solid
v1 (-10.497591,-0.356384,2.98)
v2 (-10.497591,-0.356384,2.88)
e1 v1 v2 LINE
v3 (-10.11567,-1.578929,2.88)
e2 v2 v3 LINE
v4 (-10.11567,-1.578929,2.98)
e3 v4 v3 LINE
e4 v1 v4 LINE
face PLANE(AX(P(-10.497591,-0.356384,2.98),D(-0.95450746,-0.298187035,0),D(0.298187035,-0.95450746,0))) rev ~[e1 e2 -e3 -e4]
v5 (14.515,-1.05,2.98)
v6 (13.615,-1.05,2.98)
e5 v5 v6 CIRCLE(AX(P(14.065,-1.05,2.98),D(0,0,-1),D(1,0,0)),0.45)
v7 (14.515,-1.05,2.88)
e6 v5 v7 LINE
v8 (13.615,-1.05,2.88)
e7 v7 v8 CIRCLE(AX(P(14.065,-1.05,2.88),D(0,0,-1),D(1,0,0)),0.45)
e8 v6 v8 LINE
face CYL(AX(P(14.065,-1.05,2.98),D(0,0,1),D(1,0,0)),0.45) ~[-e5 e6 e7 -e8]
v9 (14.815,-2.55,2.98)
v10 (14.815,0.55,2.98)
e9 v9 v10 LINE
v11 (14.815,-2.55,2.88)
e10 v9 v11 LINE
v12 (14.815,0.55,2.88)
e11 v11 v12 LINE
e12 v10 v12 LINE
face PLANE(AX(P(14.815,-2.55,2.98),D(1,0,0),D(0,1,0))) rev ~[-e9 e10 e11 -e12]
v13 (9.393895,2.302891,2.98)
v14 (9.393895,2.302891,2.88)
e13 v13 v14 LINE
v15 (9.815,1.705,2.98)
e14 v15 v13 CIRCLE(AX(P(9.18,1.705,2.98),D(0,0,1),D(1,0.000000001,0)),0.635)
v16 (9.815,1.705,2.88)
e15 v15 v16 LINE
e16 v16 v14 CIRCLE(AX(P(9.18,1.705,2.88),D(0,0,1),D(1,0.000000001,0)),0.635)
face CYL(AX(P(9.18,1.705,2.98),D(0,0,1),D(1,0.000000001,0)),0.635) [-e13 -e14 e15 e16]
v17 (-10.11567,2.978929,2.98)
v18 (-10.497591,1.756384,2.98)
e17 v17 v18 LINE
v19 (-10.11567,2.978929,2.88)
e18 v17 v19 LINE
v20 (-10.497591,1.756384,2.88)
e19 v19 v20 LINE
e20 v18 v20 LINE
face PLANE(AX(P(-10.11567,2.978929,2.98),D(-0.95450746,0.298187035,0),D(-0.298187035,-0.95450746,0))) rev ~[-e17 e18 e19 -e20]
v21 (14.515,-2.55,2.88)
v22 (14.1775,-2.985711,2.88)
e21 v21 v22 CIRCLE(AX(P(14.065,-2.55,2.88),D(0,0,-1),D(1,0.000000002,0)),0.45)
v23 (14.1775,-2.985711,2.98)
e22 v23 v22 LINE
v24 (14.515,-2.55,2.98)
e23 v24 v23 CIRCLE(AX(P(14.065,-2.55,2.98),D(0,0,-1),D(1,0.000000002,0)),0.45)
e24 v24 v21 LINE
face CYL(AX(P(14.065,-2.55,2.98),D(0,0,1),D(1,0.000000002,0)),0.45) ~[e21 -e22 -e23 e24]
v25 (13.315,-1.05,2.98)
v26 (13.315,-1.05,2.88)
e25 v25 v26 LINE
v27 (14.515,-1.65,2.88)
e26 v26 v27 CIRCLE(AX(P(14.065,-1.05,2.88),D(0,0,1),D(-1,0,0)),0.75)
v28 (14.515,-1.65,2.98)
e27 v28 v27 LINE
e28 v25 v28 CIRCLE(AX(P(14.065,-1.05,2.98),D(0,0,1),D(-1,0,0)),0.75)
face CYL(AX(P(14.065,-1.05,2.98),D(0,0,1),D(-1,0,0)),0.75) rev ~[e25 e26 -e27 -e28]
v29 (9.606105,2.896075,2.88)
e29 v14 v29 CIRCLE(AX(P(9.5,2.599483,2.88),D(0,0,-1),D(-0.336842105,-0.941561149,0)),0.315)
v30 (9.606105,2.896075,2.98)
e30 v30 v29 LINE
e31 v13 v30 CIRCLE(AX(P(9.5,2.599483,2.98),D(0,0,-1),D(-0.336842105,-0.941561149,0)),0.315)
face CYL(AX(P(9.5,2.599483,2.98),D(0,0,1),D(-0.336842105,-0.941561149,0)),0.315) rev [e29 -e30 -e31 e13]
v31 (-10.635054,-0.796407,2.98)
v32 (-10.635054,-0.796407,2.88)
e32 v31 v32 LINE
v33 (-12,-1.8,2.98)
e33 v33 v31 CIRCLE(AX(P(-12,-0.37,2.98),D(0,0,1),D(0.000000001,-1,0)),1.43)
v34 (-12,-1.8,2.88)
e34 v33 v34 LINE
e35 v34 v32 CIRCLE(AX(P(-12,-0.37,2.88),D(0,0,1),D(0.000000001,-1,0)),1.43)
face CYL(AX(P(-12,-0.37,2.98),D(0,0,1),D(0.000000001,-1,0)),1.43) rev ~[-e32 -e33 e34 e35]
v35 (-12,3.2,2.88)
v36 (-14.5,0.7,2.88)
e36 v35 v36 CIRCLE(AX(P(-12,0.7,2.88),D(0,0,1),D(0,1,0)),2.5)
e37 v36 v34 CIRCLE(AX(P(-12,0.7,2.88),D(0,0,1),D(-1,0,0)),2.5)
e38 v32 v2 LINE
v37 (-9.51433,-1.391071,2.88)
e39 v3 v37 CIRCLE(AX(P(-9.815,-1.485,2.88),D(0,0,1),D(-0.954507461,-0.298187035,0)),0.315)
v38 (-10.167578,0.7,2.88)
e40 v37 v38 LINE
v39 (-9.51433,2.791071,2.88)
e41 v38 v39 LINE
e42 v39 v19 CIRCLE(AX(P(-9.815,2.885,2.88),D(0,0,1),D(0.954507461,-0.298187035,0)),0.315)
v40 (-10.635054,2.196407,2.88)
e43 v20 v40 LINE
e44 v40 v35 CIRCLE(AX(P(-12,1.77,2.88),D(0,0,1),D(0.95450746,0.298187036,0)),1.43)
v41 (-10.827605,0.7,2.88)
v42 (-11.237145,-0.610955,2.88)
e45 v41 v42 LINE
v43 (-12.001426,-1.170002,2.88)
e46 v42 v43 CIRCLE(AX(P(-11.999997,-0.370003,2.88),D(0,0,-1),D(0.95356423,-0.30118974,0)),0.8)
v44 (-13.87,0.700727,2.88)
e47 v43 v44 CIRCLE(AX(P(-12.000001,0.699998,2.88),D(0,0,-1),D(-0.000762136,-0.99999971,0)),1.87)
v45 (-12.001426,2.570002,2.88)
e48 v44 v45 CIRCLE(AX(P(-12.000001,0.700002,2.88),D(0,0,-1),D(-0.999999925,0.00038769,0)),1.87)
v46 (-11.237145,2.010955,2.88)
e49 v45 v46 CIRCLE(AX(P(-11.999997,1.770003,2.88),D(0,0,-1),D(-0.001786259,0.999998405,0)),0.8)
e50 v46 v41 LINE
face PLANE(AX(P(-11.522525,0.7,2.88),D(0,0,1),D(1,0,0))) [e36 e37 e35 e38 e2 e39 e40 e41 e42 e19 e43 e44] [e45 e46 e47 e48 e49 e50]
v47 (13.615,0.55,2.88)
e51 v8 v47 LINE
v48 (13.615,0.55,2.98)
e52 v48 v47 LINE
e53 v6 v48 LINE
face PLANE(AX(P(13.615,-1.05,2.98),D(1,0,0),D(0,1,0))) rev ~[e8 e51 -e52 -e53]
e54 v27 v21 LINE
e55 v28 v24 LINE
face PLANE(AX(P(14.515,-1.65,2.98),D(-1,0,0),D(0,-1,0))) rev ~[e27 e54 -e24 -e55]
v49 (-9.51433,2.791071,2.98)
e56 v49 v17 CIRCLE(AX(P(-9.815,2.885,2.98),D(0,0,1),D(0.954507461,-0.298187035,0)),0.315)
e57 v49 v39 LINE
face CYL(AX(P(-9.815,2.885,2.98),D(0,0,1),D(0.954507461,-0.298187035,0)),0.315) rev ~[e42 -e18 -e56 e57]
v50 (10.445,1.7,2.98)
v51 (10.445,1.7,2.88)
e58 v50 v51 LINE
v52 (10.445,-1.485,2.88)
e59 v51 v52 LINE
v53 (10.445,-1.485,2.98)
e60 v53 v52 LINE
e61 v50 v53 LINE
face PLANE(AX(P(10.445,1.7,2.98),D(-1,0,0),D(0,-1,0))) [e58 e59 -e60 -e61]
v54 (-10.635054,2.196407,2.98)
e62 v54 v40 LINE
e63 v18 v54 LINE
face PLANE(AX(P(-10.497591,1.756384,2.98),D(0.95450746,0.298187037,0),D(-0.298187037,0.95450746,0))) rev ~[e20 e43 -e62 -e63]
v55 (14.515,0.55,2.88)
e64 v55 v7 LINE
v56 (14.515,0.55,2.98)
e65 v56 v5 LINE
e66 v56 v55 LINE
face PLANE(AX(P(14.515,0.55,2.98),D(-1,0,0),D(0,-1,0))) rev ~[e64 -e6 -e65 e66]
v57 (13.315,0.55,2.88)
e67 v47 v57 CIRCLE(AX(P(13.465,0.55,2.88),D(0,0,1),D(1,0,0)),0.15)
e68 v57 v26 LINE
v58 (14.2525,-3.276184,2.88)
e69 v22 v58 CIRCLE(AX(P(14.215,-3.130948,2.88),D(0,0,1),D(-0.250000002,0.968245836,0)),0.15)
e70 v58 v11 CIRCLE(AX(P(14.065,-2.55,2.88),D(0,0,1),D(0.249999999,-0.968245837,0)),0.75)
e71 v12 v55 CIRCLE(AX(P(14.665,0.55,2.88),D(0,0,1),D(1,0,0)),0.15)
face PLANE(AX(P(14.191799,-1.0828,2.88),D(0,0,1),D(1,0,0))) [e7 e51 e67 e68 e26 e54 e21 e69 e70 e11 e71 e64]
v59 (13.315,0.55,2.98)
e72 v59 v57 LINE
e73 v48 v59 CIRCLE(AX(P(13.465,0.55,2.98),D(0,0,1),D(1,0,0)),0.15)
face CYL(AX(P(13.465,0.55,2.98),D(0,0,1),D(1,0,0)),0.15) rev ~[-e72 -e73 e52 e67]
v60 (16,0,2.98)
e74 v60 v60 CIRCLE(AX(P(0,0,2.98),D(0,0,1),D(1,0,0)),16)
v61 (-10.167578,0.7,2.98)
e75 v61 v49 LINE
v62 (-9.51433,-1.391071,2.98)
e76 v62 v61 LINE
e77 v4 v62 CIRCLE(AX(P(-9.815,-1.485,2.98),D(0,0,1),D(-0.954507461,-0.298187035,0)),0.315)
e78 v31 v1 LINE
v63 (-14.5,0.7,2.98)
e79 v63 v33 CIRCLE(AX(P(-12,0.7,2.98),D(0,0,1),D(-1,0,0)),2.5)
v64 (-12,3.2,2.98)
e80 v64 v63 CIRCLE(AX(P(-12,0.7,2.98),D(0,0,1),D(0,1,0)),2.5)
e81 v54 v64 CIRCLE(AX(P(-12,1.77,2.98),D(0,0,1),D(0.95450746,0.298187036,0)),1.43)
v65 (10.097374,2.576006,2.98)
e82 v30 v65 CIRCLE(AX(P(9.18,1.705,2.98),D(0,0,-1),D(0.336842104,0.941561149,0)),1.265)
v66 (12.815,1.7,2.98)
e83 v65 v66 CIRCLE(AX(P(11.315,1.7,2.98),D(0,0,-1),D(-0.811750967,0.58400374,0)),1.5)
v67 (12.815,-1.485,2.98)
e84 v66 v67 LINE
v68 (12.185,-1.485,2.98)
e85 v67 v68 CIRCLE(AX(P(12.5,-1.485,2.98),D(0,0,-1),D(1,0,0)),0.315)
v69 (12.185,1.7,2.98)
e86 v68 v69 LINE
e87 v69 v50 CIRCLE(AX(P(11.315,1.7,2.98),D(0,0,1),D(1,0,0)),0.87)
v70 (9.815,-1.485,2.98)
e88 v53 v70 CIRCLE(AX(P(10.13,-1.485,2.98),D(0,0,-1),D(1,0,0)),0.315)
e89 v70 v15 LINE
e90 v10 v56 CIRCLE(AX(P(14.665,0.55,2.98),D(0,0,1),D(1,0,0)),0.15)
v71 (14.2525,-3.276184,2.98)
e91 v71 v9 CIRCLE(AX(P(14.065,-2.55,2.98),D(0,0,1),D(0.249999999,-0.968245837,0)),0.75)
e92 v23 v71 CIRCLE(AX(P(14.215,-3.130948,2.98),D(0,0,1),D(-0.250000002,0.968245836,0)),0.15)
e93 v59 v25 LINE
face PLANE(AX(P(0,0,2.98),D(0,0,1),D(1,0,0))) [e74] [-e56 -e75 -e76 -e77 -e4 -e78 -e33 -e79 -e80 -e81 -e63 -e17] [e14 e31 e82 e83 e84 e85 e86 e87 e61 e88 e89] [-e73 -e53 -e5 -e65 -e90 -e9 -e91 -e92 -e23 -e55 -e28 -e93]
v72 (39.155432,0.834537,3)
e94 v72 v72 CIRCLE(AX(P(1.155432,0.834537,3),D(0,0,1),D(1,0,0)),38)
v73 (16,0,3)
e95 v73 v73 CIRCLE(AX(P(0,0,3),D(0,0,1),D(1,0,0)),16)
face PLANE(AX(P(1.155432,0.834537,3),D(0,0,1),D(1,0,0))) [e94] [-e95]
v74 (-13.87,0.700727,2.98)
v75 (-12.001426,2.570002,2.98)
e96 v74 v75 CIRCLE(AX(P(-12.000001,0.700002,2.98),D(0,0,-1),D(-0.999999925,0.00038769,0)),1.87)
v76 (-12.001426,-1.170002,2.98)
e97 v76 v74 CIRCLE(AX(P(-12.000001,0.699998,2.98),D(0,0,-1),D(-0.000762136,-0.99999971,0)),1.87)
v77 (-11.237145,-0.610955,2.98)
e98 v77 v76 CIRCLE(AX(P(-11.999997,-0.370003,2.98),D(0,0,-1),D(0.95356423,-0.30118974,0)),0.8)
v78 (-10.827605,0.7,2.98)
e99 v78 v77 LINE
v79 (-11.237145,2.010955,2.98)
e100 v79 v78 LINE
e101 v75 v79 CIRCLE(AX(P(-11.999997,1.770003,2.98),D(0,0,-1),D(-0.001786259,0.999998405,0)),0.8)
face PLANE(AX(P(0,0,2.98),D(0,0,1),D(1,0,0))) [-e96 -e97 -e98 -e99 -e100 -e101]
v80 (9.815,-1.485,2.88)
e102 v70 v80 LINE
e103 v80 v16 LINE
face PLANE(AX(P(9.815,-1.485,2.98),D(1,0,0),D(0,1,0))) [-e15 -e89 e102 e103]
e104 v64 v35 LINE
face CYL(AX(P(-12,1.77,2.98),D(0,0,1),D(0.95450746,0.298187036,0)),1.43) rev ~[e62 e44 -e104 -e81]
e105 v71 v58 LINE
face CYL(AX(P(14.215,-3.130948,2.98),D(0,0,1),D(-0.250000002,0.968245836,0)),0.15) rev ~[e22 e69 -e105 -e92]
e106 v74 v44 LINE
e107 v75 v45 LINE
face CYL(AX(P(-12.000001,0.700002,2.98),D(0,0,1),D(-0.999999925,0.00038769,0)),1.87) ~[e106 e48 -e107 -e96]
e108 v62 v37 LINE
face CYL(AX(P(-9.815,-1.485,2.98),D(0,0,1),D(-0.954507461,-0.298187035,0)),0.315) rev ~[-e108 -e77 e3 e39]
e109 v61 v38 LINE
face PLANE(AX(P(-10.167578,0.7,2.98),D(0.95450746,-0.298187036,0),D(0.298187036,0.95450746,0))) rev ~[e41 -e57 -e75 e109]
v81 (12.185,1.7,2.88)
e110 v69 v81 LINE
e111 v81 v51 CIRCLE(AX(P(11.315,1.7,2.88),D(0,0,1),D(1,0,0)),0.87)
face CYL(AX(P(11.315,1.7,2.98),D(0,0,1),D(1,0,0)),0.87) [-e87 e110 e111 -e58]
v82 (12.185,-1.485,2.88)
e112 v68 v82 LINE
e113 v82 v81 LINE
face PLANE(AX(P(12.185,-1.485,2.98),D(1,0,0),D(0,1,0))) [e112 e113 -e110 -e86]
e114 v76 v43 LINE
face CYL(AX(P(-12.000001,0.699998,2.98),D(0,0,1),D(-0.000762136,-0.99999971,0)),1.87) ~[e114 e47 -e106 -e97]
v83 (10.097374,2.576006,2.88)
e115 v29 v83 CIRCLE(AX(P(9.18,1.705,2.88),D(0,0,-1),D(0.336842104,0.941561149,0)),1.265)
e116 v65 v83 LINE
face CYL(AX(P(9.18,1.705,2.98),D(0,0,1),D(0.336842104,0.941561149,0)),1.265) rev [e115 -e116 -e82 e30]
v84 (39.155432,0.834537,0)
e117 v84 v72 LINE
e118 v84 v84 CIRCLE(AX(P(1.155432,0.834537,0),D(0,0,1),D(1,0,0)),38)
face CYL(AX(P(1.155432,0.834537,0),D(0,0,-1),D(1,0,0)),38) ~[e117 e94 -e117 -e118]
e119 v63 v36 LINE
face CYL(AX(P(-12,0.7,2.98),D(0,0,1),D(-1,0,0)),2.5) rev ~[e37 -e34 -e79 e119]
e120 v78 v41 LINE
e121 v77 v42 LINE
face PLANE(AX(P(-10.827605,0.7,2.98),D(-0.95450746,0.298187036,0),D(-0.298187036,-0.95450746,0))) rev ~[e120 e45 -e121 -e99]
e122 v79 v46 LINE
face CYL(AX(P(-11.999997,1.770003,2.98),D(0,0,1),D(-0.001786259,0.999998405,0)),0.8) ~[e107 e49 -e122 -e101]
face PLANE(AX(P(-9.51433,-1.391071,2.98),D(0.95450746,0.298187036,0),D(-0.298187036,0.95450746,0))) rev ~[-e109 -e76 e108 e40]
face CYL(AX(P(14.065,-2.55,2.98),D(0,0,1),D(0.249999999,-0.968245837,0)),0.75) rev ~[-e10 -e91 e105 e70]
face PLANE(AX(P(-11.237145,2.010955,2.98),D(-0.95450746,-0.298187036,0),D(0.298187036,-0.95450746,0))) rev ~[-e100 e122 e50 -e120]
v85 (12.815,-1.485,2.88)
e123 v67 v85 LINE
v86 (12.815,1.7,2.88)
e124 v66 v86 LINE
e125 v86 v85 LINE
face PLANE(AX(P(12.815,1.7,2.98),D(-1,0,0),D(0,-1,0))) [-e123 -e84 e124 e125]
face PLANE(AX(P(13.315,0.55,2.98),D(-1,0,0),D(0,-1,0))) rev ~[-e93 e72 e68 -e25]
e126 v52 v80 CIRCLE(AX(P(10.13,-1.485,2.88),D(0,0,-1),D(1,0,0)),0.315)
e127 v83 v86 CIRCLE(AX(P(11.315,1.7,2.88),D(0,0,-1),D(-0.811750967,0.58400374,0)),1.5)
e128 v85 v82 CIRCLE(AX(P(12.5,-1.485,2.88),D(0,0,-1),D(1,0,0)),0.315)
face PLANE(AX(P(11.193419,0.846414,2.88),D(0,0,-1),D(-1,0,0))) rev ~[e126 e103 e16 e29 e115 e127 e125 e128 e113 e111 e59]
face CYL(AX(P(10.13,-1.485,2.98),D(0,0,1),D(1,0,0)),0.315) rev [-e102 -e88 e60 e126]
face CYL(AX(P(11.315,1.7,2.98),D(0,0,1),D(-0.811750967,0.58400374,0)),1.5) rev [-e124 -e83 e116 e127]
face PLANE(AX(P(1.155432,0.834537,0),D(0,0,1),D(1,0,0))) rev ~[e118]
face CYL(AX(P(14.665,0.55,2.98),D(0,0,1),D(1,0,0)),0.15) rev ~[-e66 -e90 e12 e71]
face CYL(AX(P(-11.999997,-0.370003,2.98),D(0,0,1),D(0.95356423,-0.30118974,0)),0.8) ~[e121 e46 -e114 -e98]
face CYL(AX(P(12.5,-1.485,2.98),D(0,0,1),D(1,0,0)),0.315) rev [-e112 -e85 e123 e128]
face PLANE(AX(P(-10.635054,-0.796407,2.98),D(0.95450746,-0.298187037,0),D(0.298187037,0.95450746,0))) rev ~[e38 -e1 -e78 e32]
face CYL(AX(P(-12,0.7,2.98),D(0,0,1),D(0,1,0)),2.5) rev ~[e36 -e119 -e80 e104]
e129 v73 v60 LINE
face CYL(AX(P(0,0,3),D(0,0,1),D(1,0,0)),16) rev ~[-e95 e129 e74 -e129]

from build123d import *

# Parameters (mm, degrees)
SKETCH_1_R          = 38
EXTRUDE_1_DEPTH     = 3
SKETCH_2_R          = 16
CUT_EXTRUDE_2_DEPTH = 0.02
CUT_EXTRUDE_3_DEPTH = 0.1


with BuildPart() as part:
    # Эскиз1 → Вытянуть1 (new body)
    with BuildSketch(Plane.XY):
        with Locations((1.155432358, 0.834536784)):
            Circle(SKETCH_1_R)
    extrude(amount=EXTRUDE_1_DEPTH)

    # Эскиз2 → Вытянуть2 (cut)
    with BuildSketch(Plane.XY.offset(3)):
        Circle(SKETCH_2_R)
    extrude(amount=-CUT_EXTRUDE_2_DEPTH, mode=Mode.SUBTRACT)

    # Эскиз3 → Вытянуть3 (cut)
    # profile 1 of 3: a face of its own
    with BuildSketch(Plane.XY.offset(2.98)):
        with BuildLine():
            ThreePointArc((9.393894737, 2.302891329), (9.203408238, 2.705588354), (9.606105263, 2.896074853))
            ThreePointArc((9.606105263, 2.896074853), (9.870539579, 2.764896264), (10.097373549, 2.576005609))
            ThreePointArc((10.097373549, 2.576005609), (11.775195787, 3.127662368), (12.815, 1.7))
            Line((12.815, 1.7), (12.815, -1.485))
            ThreePointArc((12.815, -1.485), (12.5, -1.8), (12.185, -1.485))
            Line((12.185, -1.485), (12.185, 1.7))
            ThreePointArc((12.185, 1.7), (11.315, 2.57), (10.445, 1.7))
            Line((10.445, 1.7), (10.445, -1.485))
            ThreePointArc((10.445, -1.485), (10.13, -1.8), (9.815, -1.485))
            Line((9.815, -1.485), (9.815, 1.7))
            Line((9.815, 1.7), (9.815, 1.705))
            ThreePointArc((9.815, 1.705), (9.699157085, 2.070651365), (9.393894737, 2.302891329))
        make_face()
    # profile 2 of 3: a face of its own
    with BuildSketch(Plane.XY.offset(2.98)):
        with BuildLine():
            Line((-10.497591493, 1.756383955), (-10.635054332, 2.196407461))
            ThreePointArc((-10.635054332, 2.196407461), (-11.152905752, 2.922098665), (-12, 3.2))
            ThreePointArc((-12, 3.2), (-13.767766953, 2.467766953), (-14.5, 0.7))
            ThreePointArc((-14.5, 0.7), (-13.767766953, -1.067766953), (-12, -1.8))
            ThreePointArc((-12, -1.8), (-11.152905752, -1.522098665), (-10.635054332, -0.796407461))
            Line((-10.635054332, -0.796407461), (-10.497591493, -0.356383955))
            Line((-10.497591493, -0.356383955), (-10.11566985, -1.578928916))
            ThreePointArc((-10.11566985, -1.578928916), (-9.721071084, -1.78566985), (-9.51433015, -1.391071084))
            Line((-9.51433015, -1.391071084), (-10.167578358, 0.7))
            Line((-10.167578358, 0.7), (-9.51433015, 2.791071084))
            ThreePointArc((-9.51433015, 2.791071084), (-9.721071084, 3.18566985), (-10.11566985, 2.978928916))
            Line((-10.11566985, 2.978928916), (-10.497591493, 1.756383955))
        make_face()
        with BuildLine():
            Line((-10.827604629, 0.7), (-11.237145368, -0.610954683))
            ThreePointArc((-11.237145368, -0.610954683), (-11.527689249, -1.01570067), (-12.001425757, -1.170001613))
            ThreePointArc((-12.001425757, -1.170001613), (-13.32305175, -0.621529891), (-13.87000042, 0.700727136))
            ThreePointArc((-13.87000042, 0.700727136), (-13.322537782, 2.02204425), (-12.001425757, 2.570001613))
            ThreePointArc((-12.001425757, 2.570001613), (-11.527689249, 2.41570067), (-11.237145368, 2.010954683))
            Line((-11.237145368, 2.010954683), (-10.827604629, 0.7))
        make_face(mode=Mode.SUBTRACT)
    # profile 3 of 3: a face of its own
    with BuildSketch(Plane.XY.offset(2.98)):
        with BuildLine():
            ThreePointArc((14.515, -2.55), (14.420756237, -2.825567596), (14.1775, -2.985710626))
            ThreePointArc((14.1775, -2.985710626), (14.069763125, -3.168447502), (14.2525, -3.276184377))
            ThreePointArc((14.2525, -3.276184377), (14.657927061, -3.009279327), (14.815, -2.55))
            Line((14.815, -2.55), (14.815, 0.55))
            ThreePointArc((14.815, 0.55), (14.665, 0.7), (14.515, 0.55))
            Line((14.515, 0.55), (14.515, -1.05))
            ThreePointArc((14.515, -1.05), (14.065, -1.5), (13.615, -1.05))
            Line((13.615, -1.05), (13.615, 0.55))
            ThreePointArc((13.615, 0.55), (13.465, 0.7), (13.315, 0.55))
            Line((13.315, 0.55), (13.315, -1.05))
            ThreePointArc((13.315, -1.05), (13.729589803, -1.720820393), (14.515, -1.65))
            Line((14.515, -1.65), (14.515, -2.55))
        make_face()
    extrude(amount=-CUT_EXTRUDE_3_DEPTH, mode=Mode.SUBTRACT)


solid = part.part
